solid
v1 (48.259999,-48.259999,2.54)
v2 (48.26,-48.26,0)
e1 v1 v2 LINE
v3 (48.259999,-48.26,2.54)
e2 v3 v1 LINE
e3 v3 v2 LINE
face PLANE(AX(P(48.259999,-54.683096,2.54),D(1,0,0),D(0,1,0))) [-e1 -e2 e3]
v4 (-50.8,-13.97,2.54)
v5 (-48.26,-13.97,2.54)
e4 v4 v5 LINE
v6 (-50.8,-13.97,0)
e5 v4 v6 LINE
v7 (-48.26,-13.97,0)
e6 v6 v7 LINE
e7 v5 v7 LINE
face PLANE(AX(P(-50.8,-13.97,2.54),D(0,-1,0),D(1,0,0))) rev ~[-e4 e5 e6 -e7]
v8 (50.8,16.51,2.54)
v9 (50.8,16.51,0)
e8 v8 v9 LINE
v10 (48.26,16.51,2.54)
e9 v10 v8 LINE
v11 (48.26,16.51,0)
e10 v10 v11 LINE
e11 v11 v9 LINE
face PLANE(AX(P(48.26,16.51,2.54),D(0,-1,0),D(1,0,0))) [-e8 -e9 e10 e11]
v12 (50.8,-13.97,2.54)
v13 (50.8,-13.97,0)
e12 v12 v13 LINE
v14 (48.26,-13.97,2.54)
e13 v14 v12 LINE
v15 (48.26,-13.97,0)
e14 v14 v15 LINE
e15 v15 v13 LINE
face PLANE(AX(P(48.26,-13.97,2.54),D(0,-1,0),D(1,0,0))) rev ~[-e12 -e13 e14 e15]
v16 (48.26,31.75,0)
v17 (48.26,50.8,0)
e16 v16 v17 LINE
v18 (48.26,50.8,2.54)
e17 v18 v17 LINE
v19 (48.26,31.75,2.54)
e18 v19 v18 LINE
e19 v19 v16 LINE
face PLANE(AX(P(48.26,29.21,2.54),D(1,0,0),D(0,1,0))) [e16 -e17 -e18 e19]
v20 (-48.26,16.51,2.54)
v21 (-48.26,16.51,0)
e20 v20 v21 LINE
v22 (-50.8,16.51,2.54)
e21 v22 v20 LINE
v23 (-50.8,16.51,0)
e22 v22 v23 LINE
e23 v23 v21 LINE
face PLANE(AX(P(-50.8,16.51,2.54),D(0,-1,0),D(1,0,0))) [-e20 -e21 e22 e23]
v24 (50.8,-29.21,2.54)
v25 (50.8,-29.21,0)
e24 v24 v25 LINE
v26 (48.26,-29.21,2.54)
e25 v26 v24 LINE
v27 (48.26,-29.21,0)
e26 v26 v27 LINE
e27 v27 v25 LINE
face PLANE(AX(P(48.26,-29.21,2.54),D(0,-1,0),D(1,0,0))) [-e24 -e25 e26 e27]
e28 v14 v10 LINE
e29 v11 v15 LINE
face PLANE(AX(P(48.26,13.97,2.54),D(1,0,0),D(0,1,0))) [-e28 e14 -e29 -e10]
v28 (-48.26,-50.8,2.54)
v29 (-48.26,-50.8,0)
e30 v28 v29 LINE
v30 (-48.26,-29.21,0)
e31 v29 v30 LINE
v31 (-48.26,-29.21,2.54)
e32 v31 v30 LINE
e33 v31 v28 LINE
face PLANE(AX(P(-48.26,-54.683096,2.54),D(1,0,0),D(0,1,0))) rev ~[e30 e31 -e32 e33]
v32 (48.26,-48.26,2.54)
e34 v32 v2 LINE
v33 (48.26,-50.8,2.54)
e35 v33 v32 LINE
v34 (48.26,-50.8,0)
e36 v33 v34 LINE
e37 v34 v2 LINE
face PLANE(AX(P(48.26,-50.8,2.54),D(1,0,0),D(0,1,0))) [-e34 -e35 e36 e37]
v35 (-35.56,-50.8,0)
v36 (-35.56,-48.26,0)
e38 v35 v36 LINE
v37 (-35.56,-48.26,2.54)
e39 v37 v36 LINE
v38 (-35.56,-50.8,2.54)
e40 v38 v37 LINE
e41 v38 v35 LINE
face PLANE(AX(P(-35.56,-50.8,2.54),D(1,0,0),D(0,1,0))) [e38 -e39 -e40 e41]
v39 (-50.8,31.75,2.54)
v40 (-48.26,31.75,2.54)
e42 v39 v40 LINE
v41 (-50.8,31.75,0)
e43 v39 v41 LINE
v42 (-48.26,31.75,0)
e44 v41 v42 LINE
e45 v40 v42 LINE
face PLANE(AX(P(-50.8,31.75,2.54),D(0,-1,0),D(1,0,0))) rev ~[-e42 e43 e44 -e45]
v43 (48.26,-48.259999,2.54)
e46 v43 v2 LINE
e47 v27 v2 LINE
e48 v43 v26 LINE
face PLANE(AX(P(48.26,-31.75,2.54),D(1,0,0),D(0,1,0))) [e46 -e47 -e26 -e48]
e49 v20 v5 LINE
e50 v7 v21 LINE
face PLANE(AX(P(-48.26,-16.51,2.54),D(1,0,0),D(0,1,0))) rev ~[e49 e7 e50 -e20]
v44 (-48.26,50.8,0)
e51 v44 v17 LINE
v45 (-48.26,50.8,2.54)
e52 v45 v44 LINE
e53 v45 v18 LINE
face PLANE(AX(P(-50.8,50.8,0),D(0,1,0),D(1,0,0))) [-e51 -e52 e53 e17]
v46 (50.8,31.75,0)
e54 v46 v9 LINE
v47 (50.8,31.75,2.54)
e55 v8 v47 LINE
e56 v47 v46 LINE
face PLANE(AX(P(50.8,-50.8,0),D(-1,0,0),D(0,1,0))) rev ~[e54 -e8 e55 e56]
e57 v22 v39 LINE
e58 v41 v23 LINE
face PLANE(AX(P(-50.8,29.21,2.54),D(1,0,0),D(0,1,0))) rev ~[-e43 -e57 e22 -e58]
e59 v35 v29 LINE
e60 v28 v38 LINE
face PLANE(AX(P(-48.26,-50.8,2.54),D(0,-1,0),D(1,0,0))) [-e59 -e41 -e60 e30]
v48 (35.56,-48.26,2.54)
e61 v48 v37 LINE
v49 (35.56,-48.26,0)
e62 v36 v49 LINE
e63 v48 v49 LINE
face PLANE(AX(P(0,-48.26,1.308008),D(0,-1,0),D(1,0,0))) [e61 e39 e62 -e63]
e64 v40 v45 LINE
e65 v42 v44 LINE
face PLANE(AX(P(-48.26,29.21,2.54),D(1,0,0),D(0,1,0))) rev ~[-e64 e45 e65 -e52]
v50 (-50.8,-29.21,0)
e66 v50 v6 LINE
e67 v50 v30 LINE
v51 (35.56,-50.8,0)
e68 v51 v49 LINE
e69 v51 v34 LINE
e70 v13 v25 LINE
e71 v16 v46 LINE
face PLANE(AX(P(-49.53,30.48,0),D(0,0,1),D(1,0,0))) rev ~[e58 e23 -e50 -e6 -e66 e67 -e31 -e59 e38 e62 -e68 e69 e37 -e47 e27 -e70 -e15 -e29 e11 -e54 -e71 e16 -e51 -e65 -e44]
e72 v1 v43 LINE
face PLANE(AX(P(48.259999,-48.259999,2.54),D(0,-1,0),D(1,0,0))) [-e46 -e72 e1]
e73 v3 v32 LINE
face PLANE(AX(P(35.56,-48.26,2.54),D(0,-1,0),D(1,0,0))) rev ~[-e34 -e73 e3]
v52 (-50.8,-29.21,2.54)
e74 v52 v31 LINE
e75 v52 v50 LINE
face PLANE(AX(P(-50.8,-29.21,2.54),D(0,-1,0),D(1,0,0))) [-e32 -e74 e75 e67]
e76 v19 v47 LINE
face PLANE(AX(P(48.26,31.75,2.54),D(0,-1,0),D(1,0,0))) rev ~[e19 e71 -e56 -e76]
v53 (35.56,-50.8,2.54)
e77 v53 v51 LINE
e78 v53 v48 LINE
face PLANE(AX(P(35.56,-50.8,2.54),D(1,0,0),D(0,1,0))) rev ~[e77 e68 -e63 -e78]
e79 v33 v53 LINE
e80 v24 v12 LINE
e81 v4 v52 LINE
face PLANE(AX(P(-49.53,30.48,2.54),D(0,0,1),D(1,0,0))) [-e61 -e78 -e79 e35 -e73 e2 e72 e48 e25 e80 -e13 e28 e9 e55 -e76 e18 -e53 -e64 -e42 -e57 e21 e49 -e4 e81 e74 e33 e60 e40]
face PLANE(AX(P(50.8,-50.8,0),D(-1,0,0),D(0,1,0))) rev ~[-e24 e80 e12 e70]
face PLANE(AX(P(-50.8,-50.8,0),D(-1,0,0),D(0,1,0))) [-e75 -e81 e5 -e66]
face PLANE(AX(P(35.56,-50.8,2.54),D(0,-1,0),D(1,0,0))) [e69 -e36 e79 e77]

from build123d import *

# Parameters (mm, degrees)
F0_W      = 101.6
F0_H      = 101.6
F1_DEPTH  = 2.54
F3_DEPTH  = 2.54
F4_W      = 2.54
F4_H      = 16.51
F4_H_2    = 30.48
F4_H_3    = 21.59
F5_DEPTH  = 25.4
F6_W      = 8.149925
F6_H      = 6.423097
F6_W_2    = 6.710898
F7_DEPTH  = 25.4
F8_W      = 12.7
F8_H      = 2.54
F9_DEPTH  = 2.54
F10_W     = 2.54
F10_H     = 2.54
F11_DEPTH = 2.54
F12_W     = 2.54
F12_H     = 2.54
F13_DEPTH = 25.4


with BuildPart() as f1:
    # F0 (on Top) → F1 (new body)
    with BuildSketch(Plane.XY):
        Rectangle(F0_W, F0_H)
    extrude(amount=F1_DEPTH)

    # F2 (on face) → F3 (cut)
    with BuildSketch(Plane.XZ.offset(50.8)):
        Polygon((-41.91, 2.54), (-39.37, 0), (39.37, 0), (41.91, 2.54), align=None)
    extrude(amount=-F3_DEPTH, mode=Mode.SUBTRACT)

    # F4 (on face) → F5 (cut)
    with BuildSketch(Plane.XY.offset(2.54)):
        with Locations((-49.53, -40.005)):
            Rectangle(F4_W, F4_H)
        with Locations((-49.53, -1.27)):
            Rectangle(F4_W, F4_H_2)
        with Locations((-49.53, 40.005)):
            Rectangle(F4_W, F4_H_3)
        with Locations((49.53, -40.005)):
            Rectangle(F4_W, F4_H)
        with Locations((49.53, -1.27)):
            Rectangle(F4_W, F4_H_2)
        with Locations((49.53, 40.005)):
            Rectangle(F4_W, F4_H_3)
    extrude(amount=-F5_DEPTH, mode=Mode.SUBTRACT)

    # F6 (on face) → F7 (cut)
    with BuildSketch(Plane.XY.offset(2.54)):
        with Locations((52.334962, -51.471548)):
            Rectangle(F6_W, F6_H)
        with Locations((-51.615449, -51.471548)):
            Rectangle(F6_W_2, F6_H)
    extrude(amount=-F7_DEPTH, mode=Mode.SUBTRACT)

    # F8 (on face) → F9 (join)
    with BuildSketch(Plane.XY.offset(2.54)):
        with Locations((41.91, -49.53)):
            Rectangle(F8_W, F8_H)
        with Locations((-41.91, -49.53)):
            Rectangle(F8_W, F8_H)
    extrude(amount=-F9_DEPTH)

    # F10 (on face) → F11 (join)
    with BuildSketch(Plane.XY.offset(2.54)):
        with Locations((-49.53, 30.48)):
            Rectangle(F10_W, F10_H)
        with Locations((-49.53, -15.24)):
            Rectangle(F10_W, F10_H)
        with Locations((49.53, -15.24)):
            Rectangle(F10_W, F10_H)
        with Locations((49.53, 30.48)):
            Rectangle(F10_W, F10_H)
    extrude(amount=-F11_DEPTH)

    # F12 (on face) → F13 (cut)
    with BuildSketch(Plane.XY.offset(2.54)):
        with Locations((49.53, -30.48)):
            Rectangle(F12_W, F12_H)
        with Locations((49.53, 15.24)):
            Rectangle(F12_W, F12_H)
        with Locations((-49.53, -30.48)):
            Rectangle(F12_W, F12_H)
        with Locations((-49.53, 15.24)):
            Rectangle(F12_W, F12_H)
    extrude(amount=-F13_DEPTH, mode=Mode.SUBTRACT)


solid = f1.part
